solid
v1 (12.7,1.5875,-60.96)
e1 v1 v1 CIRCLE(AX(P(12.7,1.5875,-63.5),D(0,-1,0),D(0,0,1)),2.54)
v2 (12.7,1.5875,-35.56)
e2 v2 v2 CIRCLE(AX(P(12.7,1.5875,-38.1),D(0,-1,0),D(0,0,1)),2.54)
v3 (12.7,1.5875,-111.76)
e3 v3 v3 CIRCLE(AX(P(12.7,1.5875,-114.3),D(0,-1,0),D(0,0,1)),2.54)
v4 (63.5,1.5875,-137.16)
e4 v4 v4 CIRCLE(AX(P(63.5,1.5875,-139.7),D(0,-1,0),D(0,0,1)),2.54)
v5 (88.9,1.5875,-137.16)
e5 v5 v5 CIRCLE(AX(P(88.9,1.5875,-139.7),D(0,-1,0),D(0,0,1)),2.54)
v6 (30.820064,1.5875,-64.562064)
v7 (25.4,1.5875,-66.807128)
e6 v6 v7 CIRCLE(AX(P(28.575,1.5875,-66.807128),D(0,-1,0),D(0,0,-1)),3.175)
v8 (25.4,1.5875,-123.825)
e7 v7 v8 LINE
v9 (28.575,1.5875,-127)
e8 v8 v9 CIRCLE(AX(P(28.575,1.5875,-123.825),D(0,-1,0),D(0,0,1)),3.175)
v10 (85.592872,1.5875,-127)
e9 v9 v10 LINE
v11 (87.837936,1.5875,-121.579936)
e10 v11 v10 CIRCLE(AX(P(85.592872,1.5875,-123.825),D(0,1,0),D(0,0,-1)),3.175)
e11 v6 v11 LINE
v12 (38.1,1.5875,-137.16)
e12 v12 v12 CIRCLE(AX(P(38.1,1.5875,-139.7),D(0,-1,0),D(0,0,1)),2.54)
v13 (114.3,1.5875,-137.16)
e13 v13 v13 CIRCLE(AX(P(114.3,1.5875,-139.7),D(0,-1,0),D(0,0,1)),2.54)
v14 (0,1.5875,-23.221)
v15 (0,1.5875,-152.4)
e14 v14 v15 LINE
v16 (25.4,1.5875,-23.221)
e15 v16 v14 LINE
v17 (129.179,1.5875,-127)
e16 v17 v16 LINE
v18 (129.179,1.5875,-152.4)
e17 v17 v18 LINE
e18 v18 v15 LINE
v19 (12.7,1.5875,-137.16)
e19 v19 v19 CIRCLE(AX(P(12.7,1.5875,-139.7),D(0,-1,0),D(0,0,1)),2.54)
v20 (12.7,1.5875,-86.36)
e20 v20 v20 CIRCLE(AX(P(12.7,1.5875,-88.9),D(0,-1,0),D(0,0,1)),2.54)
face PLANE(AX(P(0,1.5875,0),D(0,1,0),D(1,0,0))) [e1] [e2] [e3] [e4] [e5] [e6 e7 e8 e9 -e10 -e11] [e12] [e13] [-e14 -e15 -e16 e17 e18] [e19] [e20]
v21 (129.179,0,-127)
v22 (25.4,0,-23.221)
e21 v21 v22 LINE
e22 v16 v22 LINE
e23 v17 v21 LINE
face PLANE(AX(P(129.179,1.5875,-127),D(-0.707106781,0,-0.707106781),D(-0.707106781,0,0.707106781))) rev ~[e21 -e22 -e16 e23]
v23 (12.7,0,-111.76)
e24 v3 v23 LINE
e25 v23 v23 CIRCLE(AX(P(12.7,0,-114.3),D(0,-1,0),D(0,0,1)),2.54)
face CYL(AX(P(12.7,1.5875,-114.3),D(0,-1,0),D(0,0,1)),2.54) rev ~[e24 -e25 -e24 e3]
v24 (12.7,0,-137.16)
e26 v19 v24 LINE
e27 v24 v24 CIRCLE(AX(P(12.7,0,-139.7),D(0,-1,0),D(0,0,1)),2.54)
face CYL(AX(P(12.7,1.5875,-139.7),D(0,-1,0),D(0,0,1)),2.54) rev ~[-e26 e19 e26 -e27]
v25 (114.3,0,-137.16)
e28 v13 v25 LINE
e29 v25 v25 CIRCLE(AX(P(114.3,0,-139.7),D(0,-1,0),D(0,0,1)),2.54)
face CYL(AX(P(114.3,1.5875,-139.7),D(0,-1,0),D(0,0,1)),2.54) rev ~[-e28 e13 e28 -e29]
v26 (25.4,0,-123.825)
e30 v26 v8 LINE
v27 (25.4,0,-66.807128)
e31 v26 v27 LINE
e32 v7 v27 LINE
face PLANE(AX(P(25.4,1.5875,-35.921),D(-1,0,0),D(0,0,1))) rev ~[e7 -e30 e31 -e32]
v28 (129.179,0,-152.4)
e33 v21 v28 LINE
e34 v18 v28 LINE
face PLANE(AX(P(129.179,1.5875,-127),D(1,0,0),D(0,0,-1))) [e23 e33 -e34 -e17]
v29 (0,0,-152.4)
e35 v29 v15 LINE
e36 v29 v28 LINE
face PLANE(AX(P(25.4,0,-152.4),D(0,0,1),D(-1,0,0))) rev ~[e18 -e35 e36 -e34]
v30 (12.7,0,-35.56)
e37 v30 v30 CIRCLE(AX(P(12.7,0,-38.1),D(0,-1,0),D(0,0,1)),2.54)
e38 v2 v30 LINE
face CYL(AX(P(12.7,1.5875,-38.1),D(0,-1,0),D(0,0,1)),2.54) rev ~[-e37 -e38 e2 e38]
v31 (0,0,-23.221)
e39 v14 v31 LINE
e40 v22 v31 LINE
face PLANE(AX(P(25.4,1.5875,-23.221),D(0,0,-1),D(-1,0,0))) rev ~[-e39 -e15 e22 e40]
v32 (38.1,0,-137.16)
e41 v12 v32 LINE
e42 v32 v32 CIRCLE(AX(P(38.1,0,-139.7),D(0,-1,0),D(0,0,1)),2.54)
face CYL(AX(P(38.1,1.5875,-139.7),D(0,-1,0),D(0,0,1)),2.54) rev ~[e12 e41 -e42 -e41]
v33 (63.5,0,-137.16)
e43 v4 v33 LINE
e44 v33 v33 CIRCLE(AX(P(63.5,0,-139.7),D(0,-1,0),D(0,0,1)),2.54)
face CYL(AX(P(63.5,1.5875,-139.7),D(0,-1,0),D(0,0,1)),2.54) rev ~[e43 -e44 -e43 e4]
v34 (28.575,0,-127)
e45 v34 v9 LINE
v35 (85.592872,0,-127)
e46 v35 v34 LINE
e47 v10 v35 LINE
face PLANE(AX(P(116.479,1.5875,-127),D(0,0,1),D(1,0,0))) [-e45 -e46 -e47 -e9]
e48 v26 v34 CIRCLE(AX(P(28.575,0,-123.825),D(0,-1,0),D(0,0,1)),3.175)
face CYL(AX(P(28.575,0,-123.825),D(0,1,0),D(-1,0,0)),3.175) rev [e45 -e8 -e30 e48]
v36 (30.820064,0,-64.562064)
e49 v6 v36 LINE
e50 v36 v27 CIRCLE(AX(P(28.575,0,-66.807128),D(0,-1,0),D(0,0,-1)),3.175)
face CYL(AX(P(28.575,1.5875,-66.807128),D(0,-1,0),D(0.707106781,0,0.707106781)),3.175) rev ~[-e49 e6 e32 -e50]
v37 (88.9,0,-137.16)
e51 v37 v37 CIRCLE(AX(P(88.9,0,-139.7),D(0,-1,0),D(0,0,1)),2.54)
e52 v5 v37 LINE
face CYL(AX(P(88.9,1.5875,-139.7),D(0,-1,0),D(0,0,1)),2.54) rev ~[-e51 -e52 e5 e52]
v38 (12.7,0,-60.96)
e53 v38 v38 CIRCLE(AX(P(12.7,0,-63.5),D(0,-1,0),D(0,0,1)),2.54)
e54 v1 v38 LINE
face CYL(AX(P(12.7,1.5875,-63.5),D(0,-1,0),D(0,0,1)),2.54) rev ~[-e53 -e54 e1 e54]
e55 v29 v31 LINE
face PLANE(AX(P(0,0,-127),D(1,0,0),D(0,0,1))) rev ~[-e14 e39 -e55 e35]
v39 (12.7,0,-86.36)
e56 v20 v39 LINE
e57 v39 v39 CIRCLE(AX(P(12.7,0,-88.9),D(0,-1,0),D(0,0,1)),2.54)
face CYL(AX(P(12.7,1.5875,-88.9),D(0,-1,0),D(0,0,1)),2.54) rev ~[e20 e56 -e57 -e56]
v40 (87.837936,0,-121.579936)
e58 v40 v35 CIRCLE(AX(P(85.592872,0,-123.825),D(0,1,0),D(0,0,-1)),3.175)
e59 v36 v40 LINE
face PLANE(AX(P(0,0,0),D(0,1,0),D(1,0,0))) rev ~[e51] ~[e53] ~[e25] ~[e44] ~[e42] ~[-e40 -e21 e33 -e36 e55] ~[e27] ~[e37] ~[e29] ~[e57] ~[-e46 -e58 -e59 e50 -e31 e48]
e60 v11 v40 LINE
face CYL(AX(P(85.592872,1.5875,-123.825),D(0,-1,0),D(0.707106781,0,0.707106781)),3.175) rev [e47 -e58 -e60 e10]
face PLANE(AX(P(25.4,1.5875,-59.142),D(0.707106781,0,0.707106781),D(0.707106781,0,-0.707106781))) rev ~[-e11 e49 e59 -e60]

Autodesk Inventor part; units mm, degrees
ref_plane "YZ Plane" through (0, 0, 0) normal (1, 0, 0) x (0, 1, 0)
ref_plane "XZ Plane" through (0, 0, 0) normal (0, 1, 0) x (-1, 0, 0)
ref_plane "XY Plane" through (0, 0, 0) normal (0, 0, 1) x (1, 0, 0)
sketch "Sketch1" plane through (0, 0, 0) normal (0, 1, 0) x (-1, 0, 0)
  line L0 (0, 0) -> (-25.4, 0)
  line L1 (-25.4, -35.921) -> (-25.4, -127)
  line L2 (-25.4, -152.4) -> (0, -152.4)
  line L3 (0, -152.4) -> (0, 0)
  line L4 (0, -152.4) -> (-152.4, -152.4)
  line L5 (-152.4, -152.4) -> (-152.4, -127)
  line L6 (-116.479, -127) -> (-25.4, -127)
  line L7 (0, -127) -> (0, -152.4)
  line L8 (-152.4, -127) -> (-25.4, 0)
  line L9 (-25.4, -35.921) -> (-116.479, -127)
  dimension "d0" = 25.4
  dimension "d1" = 152.4
  dimension "d2" = 152.4
  dimension "d3" = 25.4
  dimension "d4" = 25.4
extrude "Extrusion1" add sketch "Sketch1" along normal blind 1.5875
sketch "Sketch2" plane through (0, 1.5875, 0) normal (0, 1, 0) x (1, 0, 0)
  line L0 (152.4, 152.4) -> (0, 152.4) projected
  line L1 (0, 152.4) -> (25.4, 152.4)
  line L2 (25.4, 35.921) -> (25.4, 127) projected
  line L3 (25.4, 152.4) -> (25.4, 127)
  line L4 (25.4, 127) -> (0, 152.4)
  line L5 (25.4, 152.4) -> (0, 127)
  line L6 (0, 152.4) -> (0, 0) projected
  line L7 (12.7, 139.7) -> (38.1, 139.7)
  line L8 (38.1, 139.7) -> (63.5, 139.7)
  line L9 (63.5, 139.7) -> (88.9, 139.7)
  line L10 (88.9, 139.7) -> (114.3, 139.7)
  line L11 (114.3, 139.7) -> (139.7, 139.7)
  line L12 (12.7, 139.7) -> (12.7, 114.3)
  line L13 (12.7, 114.3) -> (12.7, 88.9)
  line L14 (12.7, 88.9) -> (12.7, 63.5)
  line L15 (12.7, 63.5) -> (12.7, 38.1)
  line L16 (12.7, 38.1) -> (12.7, 12.7)
  circle A0 centre (12.7, 139.7) radius 2.54
  circle A1 centre (38.1, 139.7) radius 2.54
  circle A2 centre (63.5, 139.7) radius 2.54
  circle A3 centre (88.9, 139.7) radius 2.54
  circle A4 centre (114.3, 139.7) radius 2.54
  circle A5 centre (139.7, 139.7) radius 2.54
  circle A6 centre (12.7, 114.3) radius 2.54
  circle A7 centre (12.7, 88.9) radius 2.54
  circle A8 centre (12.7, 63.5) radius 2.54
  circle A9 centre (12.7, 38.1) radius 2.54
  circle A10 centre (12.7, 12.7) radius 2.54
  dimension "d7" = 25.4
  dimension "d8" = 25.4
  dimension "d9" = 25.4
  dimension "d10" = 25.4
  dimension "d11" = 25.4
  dimension "d12" = 25.4
  dimension "d13" = 25.4
  dimension "d14" = 25.4
  dimension "d15" = 25.4
  dimension "d16" = 25.4
  dimension "d17" = 5.08
  dimension "d18" = 5.08
  dimension "d19" = 5.08
  dimension "d20" = 5.08
  dimension "d21" = 5.08
  dimension "d22" = 5.08
  dimension "d23" = 5.08
  dimension "d24" = 5.08
hole "Hole1" at (12.7, 1.5875, -139.7) at (38.1, 1.5875, -139.7) at (63.5, 1.5875, -139.7) at (88.9, 1.5875, -139.7) at (114.3, 1.5875, -139.7) at (12.7, 1.5875, -114.3) at (12.7, 1.5875, -88.9) at (12.7, 1.5875, -63.5) at (12.7, 1.5875, -38.1) direction (0, -1, 0) diameter 5.08 end through all
sketch "Sketch3" plane through (0, 1.5875, 0) normal (0, 1, 0) x (1, 0, 0)
  line L0 (116.479, 127) -> (25.4, 127) projected
  line L1 (116.479, 127) -> (129.179, 127)
  line L2 (129.179, 127) -> (129.179, 152.4)
  line L3 (152.4, 152.4) -> (0, 152.4) projected
  line L4 (25.4, 35.921) -> (25.4, 127) projected
  line L5 (25.4, 35.921) -> (25.4, 23.221)
  line L6 (25.4, 23.221) -> (0, 23.221)
  line L7 (0, 23.221) -> (0, 0)
  line L8 (25.4, 0) -> (152.4, 127) projected
  line L9 (0, 0) -> (25.4, 0)
  line L10 (25.4, 0) -> (152.4, 127)
  line L11 (152.4, 127) -> (152.4, 152.4) projected
  line L12 (152.4, 127) -> (152.4, 152.4)
  line L13 (152.4, 152.4) -> (129.179, 152.4)
  line L14 (116.479, 127) -> (25.4, 35.921)
  dimension "d32" = 12.7
  dimension "d33" = 12.7
extrude "Extrusion2" cut sketch "Sketch3" against normal blind 1.5875 contours L1 L2 L3 L11 L8 L9 L7 L6 L5 L14
sketch "Sketch4" plane through (0, 1.5875, 0) normal (0, 1, 0) x (1, 0, 0)
  line L0 (129.179, 127) -> (25.4, 127) projected
  line L1 (129.179, 127) -> (25.4, 23.221)
  line L2 (25.4, 59.142) -> (93.258, 127)
  line L3 (25.4, 127) -> (25.4, 23.221) projected
  line L4 (25.4, 59.142) -> (25.4, 23.221)
  point P0 (0, 0)
  dimension "d36" = 25.4
extrude "Extrusion3" add sketch "Sketch4" against normal blind 1.5875 contours L1 L3 L2 L0
fillet "Fillet1" radius 3.175 3 edges at (25.4, 0.7937, -127) (93.258, 0.7937, -127) (25.4, 0.7937, -59.142)
properties part number "Gusset 2B"
